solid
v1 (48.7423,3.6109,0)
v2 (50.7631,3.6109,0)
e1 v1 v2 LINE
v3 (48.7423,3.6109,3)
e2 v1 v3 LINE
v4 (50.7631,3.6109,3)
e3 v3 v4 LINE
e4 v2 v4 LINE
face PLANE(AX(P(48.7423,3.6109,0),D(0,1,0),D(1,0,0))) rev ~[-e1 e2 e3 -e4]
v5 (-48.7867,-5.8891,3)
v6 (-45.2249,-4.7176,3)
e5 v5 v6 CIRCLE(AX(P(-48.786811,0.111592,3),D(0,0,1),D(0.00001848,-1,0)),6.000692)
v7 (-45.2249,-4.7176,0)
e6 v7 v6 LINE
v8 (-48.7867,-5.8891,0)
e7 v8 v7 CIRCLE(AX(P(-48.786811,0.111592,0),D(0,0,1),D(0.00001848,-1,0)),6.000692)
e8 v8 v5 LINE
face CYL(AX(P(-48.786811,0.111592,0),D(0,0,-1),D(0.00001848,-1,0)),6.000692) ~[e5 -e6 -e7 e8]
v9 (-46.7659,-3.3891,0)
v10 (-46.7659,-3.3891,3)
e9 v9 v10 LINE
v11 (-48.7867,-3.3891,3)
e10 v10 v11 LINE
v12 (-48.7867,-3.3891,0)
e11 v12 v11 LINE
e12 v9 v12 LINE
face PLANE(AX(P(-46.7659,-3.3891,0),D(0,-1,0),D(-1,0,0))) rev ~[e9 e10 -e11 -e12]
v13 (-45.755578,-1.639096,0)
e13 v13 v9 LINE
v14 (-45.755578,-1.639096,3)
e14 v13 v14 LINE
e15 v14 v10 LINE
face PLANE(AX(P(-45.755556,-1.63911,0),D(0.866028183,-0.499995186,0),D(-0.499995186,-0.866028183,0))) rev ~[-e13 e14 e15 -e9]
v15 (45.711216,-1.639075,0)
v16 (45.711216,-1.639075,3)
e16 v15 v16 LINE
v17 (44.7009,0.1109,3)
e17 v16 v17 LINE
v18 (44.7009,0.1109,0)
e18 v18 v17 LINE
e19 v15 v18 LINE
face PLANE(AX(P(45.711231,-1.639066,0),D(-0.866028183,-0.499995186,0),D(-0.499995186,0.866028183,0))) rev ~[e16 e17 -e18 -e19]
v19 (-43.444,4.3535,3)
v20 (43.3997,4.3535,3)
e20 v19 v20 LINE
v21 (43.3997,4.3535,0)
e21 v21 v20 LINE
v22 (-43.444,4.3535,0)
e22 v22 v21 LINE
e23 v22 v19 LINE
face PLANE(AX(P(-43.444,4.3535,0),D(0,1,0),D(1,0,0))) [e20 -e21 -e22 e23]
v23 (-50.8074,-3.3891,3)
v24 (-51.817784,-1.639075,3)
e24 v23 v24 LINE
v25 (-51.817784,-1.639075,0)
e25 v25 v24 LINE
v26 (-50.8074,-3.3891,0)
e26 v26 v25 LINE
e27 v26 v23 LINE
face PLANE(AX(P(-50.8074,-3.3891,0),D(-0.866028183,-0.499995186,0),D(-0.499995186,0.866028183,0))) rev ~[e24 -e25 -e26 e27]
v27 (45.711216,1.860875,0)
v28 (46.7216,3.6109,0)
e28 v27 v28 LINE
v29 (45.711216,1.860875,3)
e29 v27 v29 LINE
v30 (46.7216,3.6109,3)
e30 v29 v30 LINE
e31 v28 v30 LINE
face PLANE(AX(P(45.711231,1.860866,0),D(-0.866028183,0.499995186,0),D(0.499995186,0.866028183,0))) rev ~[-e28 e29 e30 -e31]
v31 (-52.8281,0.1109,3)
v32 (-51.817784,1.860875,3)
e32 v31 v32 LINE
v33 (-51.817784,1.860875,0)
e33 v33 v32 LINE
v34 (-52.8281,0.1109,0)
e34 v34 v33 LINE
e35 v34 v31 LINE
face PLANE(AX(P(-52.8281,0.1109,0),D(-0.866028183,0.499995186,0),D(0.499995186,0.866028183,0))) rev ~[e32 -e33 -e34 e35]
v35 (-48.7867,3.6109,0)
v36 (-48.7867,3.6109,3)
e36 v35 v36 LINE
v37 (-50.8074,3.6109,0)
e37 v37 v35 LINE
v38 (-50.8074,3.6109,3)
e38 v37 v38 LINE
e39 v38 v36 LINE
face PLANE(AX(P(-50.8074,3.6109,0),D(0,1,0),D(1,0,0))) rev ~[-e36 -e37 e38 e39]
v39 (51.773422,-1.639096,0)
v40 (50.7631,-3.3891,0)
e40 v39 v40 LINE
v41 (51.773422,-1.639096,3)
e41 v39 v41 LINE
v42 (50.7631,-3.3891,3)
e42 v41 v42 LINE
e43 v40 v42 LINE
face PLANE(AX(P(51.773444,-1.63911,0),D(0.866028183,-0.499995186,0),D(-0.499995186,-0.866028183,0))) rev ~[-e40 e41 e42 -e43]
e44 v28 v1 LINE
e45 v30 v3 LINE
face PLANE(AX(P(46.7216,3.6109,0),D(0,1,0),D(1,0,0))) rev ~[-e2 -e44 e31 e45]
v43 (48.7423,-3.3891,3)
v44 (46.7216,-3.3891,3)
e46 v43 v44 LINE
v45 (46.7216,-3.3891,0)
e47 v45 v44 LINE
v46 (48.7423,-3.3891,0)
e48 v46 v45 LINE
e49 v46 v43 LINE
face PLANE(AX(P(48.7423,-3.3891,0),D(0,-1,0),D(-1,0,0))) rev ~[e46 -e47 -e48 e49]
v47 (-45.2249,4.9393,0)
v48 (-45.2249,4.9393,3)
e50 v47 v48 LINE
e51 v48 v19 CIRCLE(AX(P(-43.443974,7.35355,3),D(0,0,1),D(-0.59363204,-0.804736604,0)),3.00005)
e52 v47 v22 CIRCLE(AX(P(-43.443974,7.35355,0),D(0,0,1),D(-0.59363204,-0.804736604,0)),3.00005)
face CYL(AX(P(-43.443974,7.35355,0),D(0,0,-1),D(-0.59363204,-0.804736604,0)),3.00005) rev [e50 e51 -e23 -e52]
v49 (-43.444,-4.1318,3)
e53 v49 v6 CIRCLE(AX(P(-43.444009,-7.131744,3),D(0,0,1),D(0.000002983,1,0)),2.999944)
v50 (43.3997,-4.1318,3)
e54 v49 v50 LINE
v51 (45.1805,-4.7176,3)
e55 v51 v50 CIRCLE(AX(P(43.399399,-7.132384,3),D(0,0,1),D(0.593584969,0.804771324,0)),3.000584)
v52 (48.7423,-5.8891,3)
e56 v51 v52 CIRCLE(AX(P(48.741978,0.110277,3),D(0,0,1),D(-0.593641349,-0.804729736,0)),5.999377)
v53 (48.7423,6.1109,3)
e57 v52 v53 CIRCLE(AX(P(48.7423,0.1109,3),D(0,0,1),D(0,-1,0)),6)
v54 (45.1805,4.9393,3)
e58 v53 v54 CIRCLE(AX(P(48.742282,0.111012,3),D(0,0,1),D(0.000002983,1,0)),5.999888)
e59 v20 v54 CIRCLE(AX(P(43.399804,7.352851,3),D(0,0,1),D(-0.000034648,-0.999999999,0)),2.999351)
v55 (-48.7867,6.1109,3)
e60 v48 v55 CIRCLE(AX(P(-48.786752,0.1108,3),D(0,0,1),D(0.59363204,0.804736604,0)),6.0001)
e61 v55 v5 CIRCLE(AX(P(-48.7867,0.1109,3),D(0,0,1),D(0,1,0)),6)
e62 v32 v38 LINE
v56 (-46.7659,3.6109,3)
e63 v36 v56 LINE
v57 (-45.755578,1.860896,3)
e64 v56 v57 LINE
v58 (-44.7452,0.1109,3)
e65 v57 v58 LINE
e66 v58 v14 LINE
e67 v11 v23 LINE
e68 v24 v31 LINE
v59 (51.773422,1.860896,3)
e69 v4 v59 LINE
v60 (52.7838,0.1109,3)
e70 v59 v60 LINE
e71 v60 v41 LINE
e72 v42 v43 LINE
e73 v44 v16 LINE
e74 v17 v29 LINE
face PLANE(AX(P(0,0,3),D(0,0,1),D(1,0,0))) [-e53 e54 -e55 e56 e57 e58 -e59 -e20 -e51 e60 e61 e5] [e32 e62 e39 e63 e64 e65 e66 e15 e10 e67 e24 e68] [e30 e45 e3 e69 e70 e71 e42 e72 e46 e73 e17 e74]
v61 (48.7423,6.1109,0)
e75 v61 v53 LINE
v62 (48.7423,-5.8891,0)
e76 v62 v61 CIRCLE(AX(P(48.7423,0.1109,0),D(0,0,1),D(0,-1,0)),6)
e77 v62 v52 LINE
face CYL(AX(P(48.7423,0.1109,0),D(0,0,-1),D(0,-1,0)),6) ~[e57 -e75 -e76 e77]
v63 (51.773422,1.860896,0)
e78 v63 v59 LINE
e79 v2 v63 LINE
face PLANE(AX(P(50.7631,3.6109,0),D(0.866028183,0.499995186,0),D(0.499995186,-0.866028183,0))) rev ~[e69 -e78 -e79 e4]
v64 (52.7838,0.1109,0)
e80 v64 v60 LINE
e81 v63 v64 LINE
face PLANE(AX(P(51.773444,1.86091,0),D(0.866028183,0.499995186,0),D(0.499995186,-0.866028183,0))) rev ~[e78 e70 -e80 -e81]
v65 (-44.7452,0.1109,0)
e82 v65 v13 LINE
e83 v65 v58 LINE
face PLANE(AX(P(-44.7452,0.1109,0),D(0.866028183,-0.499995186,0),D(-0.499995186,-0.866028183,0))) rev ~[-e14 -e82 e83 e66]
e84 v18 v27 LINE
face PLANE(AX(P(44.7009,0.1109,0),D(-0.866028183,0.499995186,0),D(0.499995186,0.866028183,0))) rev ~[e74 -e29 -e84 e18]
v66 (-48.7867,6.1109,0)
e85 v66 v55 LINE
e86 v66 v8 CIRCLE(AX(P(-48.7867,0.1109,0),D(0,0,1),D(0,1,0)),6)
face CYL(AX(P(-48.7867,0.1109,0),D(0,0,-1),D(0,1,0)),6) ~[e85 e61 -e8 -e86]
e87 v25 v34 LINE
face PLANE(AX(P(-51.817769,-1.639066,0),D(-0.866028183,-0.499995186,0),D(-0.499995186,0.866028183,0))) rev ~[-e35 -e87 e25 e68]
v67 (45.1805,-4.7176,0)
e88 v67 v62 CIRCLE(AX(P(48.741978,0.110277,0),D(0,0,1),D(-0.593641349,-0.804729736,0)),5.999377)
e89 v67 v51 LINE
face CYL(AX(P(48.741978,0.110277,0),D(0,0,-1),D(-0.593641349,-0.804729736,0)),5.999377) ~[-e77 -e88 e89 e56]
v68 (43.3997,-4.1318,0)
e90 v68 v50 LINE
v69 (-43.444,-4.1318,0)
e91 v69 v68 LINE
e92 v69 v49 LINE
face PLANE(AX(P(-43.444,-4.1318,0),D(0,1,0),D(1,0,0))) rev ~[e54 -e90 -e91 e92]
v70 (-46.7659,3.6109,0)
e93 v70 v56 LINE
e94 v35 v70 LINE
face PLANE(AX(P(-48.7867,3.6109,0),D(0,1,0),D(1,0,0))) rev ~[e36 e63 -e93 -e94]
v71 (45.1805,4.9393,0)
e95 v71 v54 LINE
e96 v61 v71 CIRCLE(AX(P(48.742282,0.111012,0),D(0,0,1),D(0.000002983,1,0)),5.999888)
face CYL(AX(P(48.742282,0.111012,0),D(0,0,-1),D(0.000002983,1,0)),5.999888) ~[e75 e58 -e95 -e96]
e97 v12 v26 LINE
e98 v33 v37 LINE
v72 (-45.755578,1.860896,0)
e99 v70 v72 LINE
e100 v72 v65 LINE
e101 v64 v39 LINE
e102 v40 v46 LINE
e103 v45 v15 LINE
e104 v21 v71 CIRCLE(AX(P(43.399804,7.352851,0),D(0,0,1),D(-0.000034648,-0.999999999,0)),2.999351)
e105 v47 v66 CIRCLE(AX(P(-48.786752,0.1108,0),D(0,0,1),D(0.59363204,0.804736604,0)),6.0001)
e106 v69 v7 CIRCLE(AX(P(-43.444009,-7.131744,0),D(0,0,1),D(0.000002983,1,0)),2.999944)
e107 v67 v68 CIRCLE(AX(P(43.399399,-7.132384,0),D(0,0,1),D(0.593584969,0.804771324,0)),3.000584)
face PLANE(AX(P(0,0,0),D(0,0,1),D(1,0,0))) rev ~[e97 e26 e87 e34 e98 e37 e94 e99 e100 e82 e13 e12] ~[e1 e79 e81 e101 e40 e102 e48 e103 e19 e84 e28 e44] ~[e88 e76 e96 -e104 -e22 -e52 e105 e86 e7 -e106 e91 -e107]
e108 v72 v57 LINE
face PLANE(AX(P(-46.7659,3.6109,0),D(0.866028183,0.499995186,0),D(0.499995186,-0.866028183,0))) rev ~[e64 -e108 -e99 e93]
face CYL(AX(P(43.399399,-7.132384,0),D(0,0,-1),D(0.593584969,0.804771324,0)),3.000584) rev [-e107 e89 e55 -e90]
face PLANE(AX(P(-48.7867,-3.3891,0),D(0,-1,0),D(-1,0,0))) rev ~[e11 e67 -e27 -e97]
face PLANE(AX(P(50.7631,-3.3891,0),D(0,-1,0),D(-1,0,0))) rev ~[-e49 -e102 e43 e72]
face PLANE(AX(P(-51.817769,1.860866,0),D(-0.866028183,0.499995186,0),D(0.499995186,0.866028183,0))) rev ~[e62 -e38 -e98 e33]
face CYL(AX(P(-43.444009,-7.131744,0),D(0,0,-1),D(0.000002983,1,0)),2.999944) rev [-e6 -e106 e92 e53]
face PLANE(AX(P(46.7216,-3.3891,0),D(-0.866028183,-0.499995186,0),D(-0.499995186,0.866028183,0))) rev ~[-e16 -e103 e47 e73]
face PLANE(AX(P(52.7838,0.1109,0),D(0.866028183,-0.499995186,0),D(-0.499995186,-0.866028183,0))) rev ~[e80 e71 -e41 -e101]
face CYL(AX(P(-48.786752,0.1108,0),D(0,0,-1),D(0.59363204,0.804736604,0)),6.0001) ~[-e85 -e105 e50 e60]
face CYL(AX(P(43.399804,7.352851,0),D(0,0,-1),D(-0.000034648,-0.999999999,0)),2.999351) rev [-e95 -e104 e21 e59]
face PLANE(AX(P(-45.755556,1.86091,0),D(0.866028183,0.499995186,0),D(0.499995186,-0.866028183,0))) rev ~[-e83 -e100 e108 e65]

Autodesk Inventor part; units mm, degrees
ref_plane "YZ Plane" through (0, 0, 0) normal (1, 0, 0) x (0, 1, 0)
ref_plane "XZ Plane" through (0, 0, 0) normal (0, 1, 0) x (-1, 0, 0)
ref_plane "XY Plane" through (0, 0, 0) normal (0, 0, 1) x (1, 0, 0)
sketch "Sketch1" plane through (0, 0, 0) normal (0, 0, 1) x (1, 0, 0)
  circle A0 centre (-48.7867, 0.1109) radius 3.5
  circle A1 centre (48.7423, 0.1109) radius 3.5
  arc A2 (-48.7867, 6.1109) -> (-48.7867, -5.8891) centre (-48.7867, 0.1109) ccw
  arc A3 (48.7423, -5.8891) -> (48.7423, 6.1109) centre (48.7423, 0.1109) ccw
  arc A4 (-48.7867, -5.8891) -> (-45.2249, -4.7176) centre (-48.7867, 0.1109) ccw
  line L0 (-48.7867, 0.1109) -> (-44.544, -4.1318) construction
  line L1 (-48.7867, 0.1109) -> (-48.7867, -5.8891) construction
  arc A5 (-45.2249, 4.9393) -> (-48.7867, 6.1109) centre (-48.7867, 0.1109) ccw
  line L2 (-48.7867, 0.1109) -> (-44.544, 4.3535) construction
  line L3 (-48.7867, 0.1109) -> (-48.7867, 6.1109) construction
  arc A6 (48.7423, 6.1109) -> (45.1805, 4.9393) centre (48.7423, 0.1109) ccw
  line L4 (48.7423, 0.1109) -> (44.4997, 4.3535) construction
  line L5 (48.7423, 0.1109) -> (48.7423, 6.1109) construction
  arc A7 (45.1805, -4.7176) -> (48.7423, -5.8891) centre (48.7423, 0.1109) ccw
  line L6 (48.7423, 0.1109) -> (44.4997, -4.1318) construction
  line L7 (48.7423, 0.1109) -> (48.7423, -5.8891) construction
  line L8 (-43.444, 4.3535) -> (43.3997, 4.3535)
  line L9 (-43.444, -4.1318) -> (43.3997, -4.1318)
  arc A8 (-45.2249, 4.9393) -> (-43.444, 4.3535) centre (-43.444, 7.3535) ccw
  arc A9 (-43.444, -4.1318) -> (-45.2249, -4.7176) centre (-43.444, -7.1318) ccw
  arc A10 (43.3997, 4.3535) -> (45.1805, 4.9393) centre (43.3997, 7.3535) ccw
  arc A11 (45.1805, -4.7176) -> (43.3997, -4.1318) centre (43.3997, -7.1318) ccw
  line L10 (-44.7452, 0.1109) -> (-46.7659, -3.3891)
  line L11 (-46.7659, -3.3891) -> (-50.8074, -3.3891)
  line L12 (-50.8074, -3.3891) -> (-52.8281, 0.1109)
  line L13 (-52.8281, 0.1109) -> (-50.8074, 3.6109)
  line L14 (-50.8074, 3.6109) -> (-46.7659, 3.6109)
  line L15 (-46.7659, 3.6109) -> (-44.7452, 0.1109)
  line L16 (44.7009, 0.1109) -> (46.7216, 3.6109)
  line L17 (46.7216, 3.6109) -> (50.7631, 3.6109)
  line L18 (50.7631, 3.6109) -> (52.7838, 0.1109)
  line L19 (52.7838, 0.1109) -> (50.7631, -3.3891)
  line L20 (50.7631, -3.3891) -> (46.7216, -3.3891)
  line L21 (46.7216, -3.3891) -> (44.7009, 0.1109)
  point P0 (0, 0)
  point P1 (44.4997, 4.3535)
  dimension "d0" = 7
  dimension "d1" = 7
  dimension "d2" = 97.529
  dimension "d3" = 6
  dimension "d4" = 6
  dimension "d5" = 45
  dimension "d6" = 45
  dimension "d7" = 45
  dimension "d8" = 45
  dimension "d9" = 3
extrude "Extrusion2" add sketch "Sketch1" along normal blind 3
properties part number "2P.03.01.15.ZW.FlapCoupler"
